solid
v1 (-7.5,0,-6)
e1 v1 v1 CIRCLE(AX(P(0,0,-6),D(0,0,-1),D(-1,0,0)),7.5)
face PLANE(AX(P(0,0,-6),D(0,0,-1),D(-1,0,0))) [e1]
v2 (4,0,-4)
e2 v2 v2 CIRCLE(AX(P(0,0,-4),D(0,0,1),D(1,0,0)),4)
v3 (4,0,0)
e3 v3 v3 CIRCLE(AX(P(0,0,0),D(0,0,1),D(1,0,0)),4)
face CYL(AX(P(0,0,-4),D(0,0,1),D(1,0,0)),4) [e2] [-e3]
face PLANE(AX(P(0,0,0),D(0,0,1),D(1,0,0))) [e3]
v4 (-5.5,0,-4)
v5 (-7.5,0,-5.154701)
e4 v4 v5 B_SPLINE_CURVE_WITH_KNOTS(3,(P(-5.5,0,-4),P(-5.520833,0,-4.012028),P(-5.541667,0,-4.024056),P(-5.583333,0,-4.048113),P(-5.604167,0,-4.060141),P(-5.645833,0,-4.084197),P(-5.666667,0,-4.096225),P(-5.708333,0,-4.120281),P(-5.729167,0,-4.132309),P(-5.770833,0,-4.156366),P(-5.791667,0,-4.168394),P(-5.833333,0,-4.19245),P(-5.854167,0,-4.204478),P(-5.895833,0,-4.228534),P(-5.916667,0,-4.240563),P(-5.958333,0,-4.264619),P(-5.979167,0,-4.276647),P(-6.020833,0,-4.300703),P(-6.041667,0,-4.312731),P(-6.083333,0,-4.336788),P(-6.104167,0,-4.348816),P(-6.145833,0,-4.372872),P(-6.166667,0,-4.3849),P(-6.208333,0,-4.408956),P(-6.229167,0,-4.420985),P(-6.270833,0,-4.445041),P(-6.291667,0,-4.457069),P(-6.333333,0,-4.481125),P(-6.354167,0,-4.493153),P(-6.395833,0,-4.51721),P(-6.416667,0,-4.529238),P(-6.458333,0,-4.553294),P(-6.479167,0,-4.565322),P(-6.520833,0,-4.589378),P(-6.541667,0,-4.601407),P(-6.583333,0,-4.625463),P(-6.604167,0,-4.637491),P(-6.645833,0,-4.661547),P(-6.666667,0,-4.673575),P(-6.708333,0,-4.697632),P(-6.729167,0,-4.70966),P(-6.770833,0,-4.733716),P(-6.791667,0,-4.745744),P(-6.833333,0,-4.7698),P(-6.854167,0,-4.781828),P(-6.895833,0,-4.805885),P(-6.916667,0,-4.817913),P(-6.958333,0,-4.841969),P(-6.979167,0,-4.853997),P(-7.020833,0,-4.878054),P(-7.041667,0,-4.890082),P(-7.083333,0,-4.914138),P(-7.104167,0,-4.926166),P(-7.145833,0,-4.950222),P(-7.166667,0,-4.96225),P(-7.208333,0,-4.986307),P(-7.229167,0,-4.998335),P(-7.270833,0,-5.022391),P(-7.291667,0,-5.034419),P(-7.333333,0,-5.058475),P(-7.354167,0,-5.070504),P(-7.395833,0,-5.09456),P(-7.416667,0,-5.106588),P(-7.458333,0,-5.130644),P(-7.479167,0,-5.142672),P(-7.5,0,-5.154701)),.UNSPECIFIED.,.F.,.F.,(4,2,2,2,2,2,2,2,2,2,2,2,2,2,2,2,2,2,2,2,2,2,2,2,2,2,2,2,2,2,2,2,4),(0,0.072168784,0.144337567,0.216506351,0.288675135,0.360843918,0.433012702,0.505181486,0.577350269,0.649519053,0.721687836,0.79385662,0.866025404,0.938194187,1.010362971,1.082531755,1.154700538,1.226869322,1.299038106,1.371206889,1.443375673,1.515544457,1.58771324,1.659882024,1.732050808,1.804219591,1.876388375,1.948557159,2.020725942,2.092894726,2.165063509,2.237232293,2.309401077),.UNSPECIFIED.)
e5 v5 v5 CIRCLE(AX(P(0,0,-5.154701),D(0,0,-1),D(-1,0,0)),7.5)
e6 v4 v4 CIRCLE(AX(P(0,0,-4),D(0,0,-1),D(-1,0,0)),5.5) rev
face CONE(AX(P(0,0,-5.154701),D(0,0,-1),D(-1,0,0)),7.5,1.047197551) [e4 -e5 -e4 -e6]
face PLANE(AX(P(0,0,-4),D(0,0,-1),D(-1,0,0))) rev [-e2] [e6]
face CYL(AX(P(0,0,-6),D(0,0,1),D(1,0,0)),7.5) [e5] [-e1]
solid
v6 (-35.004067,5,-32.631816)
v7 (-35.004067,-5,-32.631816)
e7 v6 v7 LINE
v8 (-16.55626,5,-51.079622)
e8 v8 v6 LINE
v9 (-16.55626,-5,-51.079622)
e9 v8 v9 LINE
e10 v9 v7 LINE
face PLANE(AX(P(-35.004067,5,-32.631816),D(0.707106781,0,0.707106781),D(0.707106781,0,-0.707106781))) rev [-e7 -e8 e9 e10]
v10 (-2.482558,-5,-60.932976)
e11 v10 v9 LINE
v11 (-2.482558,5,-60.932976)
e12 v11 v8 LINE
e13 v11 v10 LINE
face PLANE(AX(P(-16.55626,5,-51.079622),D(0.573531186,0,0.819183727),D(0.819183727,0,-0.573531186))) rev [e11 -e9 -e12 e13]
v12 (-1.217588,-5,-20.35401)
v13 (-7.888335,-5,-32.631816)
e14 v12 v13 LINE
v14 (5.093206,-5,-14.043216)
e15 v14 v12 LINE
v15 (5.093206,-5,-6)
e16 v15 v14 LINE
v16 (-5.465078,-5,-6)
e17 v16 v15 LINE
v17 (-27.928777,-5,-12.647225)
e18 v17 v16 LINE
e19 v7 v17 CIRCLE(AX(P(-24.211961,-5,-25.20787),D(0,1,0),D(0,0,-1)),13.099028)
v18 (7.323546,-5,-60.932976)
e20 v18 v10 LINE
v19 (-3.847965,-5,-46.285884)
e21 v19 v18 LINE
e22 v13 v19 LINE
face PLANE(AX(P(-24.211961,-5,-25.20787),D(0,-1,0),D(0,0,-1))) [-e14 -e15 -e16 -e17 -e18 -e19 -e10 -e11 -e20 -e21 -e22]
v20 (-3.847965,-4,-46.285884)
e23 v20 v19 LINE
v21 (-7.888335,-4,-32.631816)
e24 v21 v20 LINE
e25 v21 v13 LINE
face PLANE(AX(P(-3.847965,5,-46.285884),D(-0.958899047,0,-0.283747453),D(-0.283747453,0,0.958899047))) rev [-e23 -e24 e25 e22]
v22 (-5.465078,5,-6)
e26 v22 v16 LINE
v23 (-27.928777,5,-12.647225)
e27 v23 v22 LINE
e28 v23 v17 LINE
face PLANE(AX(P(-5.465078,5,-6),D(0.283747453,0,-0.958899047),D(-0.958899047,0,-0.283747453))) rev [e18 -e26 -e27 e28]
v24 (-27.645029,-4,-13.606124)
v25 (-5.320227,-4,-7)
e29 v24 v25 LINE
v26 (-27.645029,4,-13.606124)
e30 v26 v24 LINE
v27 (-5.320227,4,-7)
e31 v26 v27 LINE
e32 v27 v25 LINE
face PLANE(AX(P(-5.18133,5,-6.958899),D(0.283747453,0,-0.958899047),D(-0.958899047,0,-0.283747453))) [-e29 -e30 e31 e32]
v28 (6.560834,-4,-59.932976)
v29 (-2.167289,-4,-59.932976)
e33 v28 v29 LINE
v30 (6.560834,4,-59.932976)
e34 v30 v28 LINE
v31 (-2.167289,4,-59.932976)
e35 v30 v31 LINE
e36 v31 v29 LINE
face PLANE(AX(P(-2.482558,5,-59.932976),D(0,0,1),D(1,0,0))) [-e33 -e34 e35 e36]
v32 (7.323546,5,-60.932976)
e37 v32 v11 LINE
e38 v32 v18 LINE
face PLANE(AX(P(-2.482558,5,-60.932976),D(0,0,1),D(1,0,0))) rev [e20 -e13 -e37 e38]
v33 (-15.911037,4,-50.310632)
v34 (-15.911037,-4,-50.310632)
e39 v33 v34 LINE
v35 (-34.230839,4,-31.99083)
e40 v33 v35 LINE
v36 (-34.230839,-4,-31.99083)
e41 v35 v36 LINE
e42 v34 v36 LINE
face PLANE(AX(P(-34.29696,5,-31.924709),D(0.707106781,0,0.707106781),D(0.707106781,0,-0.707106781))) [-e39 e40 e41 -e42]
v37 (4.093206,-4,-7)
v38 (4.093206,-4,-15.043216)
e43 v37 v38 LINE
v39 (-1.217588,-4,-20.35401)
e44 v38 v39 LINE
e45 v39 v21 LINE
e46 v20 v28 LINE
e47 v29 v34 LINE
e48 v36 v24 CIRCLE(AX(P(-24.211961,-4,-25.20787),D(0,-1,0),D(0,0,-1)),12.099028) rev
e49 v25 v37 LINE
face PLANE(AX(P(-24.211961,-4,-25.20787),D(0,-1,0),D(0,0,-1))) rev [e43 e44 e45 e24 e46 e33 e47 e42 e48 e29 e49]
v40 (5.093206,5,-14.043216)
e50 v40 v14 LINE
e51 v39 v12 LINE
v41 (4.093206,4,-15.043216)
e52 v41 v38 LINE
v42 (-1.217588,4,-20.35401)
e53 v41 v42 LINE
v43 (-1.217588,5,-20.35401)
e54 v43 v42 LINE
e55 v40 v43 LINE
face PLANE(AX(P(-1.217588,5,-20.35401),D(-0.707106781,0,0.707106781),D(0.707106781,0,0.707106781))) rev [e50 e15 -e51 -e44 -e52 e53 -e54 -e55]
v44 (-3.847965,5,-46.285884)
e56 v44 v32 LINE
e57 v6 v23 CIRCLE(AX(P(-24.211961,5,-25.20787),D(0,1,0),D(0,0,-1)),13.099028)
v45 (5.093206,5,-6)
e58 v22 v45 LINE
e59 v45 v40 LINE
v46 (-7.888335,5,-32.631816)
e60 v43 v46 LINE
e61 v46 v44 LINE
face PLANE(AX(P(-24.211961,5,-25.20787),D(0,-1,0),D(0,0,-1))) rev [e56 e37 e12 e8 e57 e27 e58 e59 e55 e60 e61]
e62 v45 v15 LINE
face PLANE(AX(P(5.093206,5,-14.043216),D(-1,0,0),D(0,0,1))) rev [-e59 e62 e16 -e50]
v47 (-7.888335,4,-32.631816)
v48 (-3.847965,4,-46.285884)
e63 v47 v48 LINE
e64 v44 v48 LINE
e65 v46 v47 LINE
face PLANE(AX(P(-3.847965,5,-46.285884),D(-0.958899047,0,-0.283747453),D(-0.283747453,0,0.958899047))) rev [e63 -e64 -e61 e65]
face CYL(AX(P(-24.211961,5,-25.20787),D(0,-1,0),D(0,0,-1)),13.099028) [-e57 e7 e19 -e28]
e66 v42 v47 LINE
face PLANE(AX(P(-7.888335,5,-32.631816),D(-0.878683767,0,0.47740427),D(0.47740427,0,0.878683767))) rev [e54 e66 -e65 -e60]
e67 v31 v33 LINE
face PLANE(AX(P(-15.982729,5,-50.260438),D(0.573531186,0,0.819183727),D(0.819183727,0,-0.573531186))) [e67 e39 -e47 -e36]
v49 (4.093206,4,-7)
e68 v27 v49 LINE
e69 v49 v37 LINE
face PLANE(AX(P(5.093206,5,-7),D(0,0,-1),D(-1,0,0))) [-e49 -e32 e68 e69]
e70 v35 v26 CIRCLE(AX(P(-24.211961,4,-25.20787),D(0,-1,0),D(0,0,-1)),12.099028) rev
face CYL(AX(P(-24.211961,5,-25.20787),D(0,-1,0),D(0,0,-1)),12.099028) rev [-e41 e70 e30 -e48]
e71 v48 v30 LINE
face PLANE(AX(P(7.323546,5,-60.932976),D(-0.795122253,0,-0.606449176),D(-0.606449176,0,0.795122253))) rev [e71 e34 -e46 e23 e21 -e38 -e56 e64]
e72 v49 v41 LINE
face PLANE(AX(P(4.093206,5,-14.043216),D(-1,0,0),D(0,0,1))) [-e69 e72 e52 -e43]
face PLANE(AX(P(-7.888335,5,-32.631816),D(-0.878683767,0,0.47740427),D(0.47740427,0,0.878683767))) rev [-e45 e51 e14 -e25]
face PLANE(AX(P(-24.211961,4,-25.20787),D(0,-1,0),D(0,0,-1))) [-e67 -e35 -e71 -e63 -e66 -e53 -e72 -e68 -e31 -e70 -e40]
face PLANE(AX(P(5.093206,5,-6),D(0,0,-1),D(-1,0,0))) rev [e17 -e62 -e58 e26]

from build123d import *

# Parameters (mm, degrees)
SKETCH1_R           = 4
BOSS_EXTRUDE1_DEPTH = 4
SKETCH2_R           = 7.5
BOSS_EXTRUDE2_DEPTH = 2
CHAMFER1_SIZE       = 2
CHAMFER1_SIZE2      = 1.154700538
BOSS_EXTRUDE3_DEPTH = 5
SHELL3_T            = -1


with BuildPart() as part:
    # Sketch1 → Boss-Extrude1 (new body)
    with BuildSketch(Plane.XY):
        Circle(SKETCH1_R)
    extrude(amount=-BOSS_EXTRUDE1_DEPTH)

    # Sketch2 → Boss-Extrude2 (add)
    with BuildSketch(Plane(origin=(0, 0, -4), x_dir=(-1, 0, 0), z_dir=(0, 0, -1))):
        Circle(SKETCH2_R)
    extrude(amount=BOSS_EXTRUDE2_DEPTH)

    # Chamfer1
    chamfer1_edges = [part.edges().sort_by_distance(p)[0] for p in [
        (7.5, 0, -4),
    ]]
    chamfer1_side = [part.faces().sort_by_distance(p)[0] for p in [
        (7.287867966, 0, -4),
    ]]
    chamfer(chamfer1_edges, length=CHAMFER1_SIZE, length2=CHAMFER1_SIZE2, reference=chamfer1_side[0])


with BuildPart() as body_2:
    # Sketch3 → Boss-Extrude3 (new, symmetric)
    with BuildSketch(Plane(origin=(0, 0, 0), x_dir=(1, 0, 0), z_dir=(0, 1, 0))):
        with BuildLine():
            Line((5.09320586, 6), (-5.465077698, 6))
            Line((-5.465077698, 6), (-27.928776589, 12.647224621))
            ThreePointArc((-27.928776589, 12.647224621), (-36.559963647, 20.836216547), (-35.004066658, 32.631815869))
            Line((-35.004066658, 32.631815869), (-16.556260421, 51.079622106))
            Line((-16.556260421, 51.079622106), (-2.482557919, 60.932976146))
            Line((-2.482557919, 60.932976146), (7.323545861, 60.932976146))
            Line((7.323545861, 60.932976146), (-3.847964774, 46.285884424))
            Line((-3.847964774, 46.285884424), (-7.888335023, 32.631815869))
            Line((-7.888335023, 32.631815869), (-1.217588096, 20.354009814))
            Line((-1.217588096, 20.354009814), (5.09320586, 14.043215857))
            Line((5.09320586, 14.043215857), (5.09320586, 6))
        make_face()
    extrude(amount=BOSS_EXTRUDE3_DEPTH, both=True)

    # Shell3
    shell3_openings = [body_2.faces().sort_by_distance(p)[0] for p in [
        (1.737790543, 0, -53.609430285),
        (-5.868149899, 0, -39.458850146),
        (-4.55296156, 0, -26.492912841),
        (1.937808882, 0, -17.198612835),
    ]]
    offset(amount=SHELL3_T, openings=shell3_openings, kind=Kind.INTERSECTION)


solid = Compound([part.part, body_2.part])
